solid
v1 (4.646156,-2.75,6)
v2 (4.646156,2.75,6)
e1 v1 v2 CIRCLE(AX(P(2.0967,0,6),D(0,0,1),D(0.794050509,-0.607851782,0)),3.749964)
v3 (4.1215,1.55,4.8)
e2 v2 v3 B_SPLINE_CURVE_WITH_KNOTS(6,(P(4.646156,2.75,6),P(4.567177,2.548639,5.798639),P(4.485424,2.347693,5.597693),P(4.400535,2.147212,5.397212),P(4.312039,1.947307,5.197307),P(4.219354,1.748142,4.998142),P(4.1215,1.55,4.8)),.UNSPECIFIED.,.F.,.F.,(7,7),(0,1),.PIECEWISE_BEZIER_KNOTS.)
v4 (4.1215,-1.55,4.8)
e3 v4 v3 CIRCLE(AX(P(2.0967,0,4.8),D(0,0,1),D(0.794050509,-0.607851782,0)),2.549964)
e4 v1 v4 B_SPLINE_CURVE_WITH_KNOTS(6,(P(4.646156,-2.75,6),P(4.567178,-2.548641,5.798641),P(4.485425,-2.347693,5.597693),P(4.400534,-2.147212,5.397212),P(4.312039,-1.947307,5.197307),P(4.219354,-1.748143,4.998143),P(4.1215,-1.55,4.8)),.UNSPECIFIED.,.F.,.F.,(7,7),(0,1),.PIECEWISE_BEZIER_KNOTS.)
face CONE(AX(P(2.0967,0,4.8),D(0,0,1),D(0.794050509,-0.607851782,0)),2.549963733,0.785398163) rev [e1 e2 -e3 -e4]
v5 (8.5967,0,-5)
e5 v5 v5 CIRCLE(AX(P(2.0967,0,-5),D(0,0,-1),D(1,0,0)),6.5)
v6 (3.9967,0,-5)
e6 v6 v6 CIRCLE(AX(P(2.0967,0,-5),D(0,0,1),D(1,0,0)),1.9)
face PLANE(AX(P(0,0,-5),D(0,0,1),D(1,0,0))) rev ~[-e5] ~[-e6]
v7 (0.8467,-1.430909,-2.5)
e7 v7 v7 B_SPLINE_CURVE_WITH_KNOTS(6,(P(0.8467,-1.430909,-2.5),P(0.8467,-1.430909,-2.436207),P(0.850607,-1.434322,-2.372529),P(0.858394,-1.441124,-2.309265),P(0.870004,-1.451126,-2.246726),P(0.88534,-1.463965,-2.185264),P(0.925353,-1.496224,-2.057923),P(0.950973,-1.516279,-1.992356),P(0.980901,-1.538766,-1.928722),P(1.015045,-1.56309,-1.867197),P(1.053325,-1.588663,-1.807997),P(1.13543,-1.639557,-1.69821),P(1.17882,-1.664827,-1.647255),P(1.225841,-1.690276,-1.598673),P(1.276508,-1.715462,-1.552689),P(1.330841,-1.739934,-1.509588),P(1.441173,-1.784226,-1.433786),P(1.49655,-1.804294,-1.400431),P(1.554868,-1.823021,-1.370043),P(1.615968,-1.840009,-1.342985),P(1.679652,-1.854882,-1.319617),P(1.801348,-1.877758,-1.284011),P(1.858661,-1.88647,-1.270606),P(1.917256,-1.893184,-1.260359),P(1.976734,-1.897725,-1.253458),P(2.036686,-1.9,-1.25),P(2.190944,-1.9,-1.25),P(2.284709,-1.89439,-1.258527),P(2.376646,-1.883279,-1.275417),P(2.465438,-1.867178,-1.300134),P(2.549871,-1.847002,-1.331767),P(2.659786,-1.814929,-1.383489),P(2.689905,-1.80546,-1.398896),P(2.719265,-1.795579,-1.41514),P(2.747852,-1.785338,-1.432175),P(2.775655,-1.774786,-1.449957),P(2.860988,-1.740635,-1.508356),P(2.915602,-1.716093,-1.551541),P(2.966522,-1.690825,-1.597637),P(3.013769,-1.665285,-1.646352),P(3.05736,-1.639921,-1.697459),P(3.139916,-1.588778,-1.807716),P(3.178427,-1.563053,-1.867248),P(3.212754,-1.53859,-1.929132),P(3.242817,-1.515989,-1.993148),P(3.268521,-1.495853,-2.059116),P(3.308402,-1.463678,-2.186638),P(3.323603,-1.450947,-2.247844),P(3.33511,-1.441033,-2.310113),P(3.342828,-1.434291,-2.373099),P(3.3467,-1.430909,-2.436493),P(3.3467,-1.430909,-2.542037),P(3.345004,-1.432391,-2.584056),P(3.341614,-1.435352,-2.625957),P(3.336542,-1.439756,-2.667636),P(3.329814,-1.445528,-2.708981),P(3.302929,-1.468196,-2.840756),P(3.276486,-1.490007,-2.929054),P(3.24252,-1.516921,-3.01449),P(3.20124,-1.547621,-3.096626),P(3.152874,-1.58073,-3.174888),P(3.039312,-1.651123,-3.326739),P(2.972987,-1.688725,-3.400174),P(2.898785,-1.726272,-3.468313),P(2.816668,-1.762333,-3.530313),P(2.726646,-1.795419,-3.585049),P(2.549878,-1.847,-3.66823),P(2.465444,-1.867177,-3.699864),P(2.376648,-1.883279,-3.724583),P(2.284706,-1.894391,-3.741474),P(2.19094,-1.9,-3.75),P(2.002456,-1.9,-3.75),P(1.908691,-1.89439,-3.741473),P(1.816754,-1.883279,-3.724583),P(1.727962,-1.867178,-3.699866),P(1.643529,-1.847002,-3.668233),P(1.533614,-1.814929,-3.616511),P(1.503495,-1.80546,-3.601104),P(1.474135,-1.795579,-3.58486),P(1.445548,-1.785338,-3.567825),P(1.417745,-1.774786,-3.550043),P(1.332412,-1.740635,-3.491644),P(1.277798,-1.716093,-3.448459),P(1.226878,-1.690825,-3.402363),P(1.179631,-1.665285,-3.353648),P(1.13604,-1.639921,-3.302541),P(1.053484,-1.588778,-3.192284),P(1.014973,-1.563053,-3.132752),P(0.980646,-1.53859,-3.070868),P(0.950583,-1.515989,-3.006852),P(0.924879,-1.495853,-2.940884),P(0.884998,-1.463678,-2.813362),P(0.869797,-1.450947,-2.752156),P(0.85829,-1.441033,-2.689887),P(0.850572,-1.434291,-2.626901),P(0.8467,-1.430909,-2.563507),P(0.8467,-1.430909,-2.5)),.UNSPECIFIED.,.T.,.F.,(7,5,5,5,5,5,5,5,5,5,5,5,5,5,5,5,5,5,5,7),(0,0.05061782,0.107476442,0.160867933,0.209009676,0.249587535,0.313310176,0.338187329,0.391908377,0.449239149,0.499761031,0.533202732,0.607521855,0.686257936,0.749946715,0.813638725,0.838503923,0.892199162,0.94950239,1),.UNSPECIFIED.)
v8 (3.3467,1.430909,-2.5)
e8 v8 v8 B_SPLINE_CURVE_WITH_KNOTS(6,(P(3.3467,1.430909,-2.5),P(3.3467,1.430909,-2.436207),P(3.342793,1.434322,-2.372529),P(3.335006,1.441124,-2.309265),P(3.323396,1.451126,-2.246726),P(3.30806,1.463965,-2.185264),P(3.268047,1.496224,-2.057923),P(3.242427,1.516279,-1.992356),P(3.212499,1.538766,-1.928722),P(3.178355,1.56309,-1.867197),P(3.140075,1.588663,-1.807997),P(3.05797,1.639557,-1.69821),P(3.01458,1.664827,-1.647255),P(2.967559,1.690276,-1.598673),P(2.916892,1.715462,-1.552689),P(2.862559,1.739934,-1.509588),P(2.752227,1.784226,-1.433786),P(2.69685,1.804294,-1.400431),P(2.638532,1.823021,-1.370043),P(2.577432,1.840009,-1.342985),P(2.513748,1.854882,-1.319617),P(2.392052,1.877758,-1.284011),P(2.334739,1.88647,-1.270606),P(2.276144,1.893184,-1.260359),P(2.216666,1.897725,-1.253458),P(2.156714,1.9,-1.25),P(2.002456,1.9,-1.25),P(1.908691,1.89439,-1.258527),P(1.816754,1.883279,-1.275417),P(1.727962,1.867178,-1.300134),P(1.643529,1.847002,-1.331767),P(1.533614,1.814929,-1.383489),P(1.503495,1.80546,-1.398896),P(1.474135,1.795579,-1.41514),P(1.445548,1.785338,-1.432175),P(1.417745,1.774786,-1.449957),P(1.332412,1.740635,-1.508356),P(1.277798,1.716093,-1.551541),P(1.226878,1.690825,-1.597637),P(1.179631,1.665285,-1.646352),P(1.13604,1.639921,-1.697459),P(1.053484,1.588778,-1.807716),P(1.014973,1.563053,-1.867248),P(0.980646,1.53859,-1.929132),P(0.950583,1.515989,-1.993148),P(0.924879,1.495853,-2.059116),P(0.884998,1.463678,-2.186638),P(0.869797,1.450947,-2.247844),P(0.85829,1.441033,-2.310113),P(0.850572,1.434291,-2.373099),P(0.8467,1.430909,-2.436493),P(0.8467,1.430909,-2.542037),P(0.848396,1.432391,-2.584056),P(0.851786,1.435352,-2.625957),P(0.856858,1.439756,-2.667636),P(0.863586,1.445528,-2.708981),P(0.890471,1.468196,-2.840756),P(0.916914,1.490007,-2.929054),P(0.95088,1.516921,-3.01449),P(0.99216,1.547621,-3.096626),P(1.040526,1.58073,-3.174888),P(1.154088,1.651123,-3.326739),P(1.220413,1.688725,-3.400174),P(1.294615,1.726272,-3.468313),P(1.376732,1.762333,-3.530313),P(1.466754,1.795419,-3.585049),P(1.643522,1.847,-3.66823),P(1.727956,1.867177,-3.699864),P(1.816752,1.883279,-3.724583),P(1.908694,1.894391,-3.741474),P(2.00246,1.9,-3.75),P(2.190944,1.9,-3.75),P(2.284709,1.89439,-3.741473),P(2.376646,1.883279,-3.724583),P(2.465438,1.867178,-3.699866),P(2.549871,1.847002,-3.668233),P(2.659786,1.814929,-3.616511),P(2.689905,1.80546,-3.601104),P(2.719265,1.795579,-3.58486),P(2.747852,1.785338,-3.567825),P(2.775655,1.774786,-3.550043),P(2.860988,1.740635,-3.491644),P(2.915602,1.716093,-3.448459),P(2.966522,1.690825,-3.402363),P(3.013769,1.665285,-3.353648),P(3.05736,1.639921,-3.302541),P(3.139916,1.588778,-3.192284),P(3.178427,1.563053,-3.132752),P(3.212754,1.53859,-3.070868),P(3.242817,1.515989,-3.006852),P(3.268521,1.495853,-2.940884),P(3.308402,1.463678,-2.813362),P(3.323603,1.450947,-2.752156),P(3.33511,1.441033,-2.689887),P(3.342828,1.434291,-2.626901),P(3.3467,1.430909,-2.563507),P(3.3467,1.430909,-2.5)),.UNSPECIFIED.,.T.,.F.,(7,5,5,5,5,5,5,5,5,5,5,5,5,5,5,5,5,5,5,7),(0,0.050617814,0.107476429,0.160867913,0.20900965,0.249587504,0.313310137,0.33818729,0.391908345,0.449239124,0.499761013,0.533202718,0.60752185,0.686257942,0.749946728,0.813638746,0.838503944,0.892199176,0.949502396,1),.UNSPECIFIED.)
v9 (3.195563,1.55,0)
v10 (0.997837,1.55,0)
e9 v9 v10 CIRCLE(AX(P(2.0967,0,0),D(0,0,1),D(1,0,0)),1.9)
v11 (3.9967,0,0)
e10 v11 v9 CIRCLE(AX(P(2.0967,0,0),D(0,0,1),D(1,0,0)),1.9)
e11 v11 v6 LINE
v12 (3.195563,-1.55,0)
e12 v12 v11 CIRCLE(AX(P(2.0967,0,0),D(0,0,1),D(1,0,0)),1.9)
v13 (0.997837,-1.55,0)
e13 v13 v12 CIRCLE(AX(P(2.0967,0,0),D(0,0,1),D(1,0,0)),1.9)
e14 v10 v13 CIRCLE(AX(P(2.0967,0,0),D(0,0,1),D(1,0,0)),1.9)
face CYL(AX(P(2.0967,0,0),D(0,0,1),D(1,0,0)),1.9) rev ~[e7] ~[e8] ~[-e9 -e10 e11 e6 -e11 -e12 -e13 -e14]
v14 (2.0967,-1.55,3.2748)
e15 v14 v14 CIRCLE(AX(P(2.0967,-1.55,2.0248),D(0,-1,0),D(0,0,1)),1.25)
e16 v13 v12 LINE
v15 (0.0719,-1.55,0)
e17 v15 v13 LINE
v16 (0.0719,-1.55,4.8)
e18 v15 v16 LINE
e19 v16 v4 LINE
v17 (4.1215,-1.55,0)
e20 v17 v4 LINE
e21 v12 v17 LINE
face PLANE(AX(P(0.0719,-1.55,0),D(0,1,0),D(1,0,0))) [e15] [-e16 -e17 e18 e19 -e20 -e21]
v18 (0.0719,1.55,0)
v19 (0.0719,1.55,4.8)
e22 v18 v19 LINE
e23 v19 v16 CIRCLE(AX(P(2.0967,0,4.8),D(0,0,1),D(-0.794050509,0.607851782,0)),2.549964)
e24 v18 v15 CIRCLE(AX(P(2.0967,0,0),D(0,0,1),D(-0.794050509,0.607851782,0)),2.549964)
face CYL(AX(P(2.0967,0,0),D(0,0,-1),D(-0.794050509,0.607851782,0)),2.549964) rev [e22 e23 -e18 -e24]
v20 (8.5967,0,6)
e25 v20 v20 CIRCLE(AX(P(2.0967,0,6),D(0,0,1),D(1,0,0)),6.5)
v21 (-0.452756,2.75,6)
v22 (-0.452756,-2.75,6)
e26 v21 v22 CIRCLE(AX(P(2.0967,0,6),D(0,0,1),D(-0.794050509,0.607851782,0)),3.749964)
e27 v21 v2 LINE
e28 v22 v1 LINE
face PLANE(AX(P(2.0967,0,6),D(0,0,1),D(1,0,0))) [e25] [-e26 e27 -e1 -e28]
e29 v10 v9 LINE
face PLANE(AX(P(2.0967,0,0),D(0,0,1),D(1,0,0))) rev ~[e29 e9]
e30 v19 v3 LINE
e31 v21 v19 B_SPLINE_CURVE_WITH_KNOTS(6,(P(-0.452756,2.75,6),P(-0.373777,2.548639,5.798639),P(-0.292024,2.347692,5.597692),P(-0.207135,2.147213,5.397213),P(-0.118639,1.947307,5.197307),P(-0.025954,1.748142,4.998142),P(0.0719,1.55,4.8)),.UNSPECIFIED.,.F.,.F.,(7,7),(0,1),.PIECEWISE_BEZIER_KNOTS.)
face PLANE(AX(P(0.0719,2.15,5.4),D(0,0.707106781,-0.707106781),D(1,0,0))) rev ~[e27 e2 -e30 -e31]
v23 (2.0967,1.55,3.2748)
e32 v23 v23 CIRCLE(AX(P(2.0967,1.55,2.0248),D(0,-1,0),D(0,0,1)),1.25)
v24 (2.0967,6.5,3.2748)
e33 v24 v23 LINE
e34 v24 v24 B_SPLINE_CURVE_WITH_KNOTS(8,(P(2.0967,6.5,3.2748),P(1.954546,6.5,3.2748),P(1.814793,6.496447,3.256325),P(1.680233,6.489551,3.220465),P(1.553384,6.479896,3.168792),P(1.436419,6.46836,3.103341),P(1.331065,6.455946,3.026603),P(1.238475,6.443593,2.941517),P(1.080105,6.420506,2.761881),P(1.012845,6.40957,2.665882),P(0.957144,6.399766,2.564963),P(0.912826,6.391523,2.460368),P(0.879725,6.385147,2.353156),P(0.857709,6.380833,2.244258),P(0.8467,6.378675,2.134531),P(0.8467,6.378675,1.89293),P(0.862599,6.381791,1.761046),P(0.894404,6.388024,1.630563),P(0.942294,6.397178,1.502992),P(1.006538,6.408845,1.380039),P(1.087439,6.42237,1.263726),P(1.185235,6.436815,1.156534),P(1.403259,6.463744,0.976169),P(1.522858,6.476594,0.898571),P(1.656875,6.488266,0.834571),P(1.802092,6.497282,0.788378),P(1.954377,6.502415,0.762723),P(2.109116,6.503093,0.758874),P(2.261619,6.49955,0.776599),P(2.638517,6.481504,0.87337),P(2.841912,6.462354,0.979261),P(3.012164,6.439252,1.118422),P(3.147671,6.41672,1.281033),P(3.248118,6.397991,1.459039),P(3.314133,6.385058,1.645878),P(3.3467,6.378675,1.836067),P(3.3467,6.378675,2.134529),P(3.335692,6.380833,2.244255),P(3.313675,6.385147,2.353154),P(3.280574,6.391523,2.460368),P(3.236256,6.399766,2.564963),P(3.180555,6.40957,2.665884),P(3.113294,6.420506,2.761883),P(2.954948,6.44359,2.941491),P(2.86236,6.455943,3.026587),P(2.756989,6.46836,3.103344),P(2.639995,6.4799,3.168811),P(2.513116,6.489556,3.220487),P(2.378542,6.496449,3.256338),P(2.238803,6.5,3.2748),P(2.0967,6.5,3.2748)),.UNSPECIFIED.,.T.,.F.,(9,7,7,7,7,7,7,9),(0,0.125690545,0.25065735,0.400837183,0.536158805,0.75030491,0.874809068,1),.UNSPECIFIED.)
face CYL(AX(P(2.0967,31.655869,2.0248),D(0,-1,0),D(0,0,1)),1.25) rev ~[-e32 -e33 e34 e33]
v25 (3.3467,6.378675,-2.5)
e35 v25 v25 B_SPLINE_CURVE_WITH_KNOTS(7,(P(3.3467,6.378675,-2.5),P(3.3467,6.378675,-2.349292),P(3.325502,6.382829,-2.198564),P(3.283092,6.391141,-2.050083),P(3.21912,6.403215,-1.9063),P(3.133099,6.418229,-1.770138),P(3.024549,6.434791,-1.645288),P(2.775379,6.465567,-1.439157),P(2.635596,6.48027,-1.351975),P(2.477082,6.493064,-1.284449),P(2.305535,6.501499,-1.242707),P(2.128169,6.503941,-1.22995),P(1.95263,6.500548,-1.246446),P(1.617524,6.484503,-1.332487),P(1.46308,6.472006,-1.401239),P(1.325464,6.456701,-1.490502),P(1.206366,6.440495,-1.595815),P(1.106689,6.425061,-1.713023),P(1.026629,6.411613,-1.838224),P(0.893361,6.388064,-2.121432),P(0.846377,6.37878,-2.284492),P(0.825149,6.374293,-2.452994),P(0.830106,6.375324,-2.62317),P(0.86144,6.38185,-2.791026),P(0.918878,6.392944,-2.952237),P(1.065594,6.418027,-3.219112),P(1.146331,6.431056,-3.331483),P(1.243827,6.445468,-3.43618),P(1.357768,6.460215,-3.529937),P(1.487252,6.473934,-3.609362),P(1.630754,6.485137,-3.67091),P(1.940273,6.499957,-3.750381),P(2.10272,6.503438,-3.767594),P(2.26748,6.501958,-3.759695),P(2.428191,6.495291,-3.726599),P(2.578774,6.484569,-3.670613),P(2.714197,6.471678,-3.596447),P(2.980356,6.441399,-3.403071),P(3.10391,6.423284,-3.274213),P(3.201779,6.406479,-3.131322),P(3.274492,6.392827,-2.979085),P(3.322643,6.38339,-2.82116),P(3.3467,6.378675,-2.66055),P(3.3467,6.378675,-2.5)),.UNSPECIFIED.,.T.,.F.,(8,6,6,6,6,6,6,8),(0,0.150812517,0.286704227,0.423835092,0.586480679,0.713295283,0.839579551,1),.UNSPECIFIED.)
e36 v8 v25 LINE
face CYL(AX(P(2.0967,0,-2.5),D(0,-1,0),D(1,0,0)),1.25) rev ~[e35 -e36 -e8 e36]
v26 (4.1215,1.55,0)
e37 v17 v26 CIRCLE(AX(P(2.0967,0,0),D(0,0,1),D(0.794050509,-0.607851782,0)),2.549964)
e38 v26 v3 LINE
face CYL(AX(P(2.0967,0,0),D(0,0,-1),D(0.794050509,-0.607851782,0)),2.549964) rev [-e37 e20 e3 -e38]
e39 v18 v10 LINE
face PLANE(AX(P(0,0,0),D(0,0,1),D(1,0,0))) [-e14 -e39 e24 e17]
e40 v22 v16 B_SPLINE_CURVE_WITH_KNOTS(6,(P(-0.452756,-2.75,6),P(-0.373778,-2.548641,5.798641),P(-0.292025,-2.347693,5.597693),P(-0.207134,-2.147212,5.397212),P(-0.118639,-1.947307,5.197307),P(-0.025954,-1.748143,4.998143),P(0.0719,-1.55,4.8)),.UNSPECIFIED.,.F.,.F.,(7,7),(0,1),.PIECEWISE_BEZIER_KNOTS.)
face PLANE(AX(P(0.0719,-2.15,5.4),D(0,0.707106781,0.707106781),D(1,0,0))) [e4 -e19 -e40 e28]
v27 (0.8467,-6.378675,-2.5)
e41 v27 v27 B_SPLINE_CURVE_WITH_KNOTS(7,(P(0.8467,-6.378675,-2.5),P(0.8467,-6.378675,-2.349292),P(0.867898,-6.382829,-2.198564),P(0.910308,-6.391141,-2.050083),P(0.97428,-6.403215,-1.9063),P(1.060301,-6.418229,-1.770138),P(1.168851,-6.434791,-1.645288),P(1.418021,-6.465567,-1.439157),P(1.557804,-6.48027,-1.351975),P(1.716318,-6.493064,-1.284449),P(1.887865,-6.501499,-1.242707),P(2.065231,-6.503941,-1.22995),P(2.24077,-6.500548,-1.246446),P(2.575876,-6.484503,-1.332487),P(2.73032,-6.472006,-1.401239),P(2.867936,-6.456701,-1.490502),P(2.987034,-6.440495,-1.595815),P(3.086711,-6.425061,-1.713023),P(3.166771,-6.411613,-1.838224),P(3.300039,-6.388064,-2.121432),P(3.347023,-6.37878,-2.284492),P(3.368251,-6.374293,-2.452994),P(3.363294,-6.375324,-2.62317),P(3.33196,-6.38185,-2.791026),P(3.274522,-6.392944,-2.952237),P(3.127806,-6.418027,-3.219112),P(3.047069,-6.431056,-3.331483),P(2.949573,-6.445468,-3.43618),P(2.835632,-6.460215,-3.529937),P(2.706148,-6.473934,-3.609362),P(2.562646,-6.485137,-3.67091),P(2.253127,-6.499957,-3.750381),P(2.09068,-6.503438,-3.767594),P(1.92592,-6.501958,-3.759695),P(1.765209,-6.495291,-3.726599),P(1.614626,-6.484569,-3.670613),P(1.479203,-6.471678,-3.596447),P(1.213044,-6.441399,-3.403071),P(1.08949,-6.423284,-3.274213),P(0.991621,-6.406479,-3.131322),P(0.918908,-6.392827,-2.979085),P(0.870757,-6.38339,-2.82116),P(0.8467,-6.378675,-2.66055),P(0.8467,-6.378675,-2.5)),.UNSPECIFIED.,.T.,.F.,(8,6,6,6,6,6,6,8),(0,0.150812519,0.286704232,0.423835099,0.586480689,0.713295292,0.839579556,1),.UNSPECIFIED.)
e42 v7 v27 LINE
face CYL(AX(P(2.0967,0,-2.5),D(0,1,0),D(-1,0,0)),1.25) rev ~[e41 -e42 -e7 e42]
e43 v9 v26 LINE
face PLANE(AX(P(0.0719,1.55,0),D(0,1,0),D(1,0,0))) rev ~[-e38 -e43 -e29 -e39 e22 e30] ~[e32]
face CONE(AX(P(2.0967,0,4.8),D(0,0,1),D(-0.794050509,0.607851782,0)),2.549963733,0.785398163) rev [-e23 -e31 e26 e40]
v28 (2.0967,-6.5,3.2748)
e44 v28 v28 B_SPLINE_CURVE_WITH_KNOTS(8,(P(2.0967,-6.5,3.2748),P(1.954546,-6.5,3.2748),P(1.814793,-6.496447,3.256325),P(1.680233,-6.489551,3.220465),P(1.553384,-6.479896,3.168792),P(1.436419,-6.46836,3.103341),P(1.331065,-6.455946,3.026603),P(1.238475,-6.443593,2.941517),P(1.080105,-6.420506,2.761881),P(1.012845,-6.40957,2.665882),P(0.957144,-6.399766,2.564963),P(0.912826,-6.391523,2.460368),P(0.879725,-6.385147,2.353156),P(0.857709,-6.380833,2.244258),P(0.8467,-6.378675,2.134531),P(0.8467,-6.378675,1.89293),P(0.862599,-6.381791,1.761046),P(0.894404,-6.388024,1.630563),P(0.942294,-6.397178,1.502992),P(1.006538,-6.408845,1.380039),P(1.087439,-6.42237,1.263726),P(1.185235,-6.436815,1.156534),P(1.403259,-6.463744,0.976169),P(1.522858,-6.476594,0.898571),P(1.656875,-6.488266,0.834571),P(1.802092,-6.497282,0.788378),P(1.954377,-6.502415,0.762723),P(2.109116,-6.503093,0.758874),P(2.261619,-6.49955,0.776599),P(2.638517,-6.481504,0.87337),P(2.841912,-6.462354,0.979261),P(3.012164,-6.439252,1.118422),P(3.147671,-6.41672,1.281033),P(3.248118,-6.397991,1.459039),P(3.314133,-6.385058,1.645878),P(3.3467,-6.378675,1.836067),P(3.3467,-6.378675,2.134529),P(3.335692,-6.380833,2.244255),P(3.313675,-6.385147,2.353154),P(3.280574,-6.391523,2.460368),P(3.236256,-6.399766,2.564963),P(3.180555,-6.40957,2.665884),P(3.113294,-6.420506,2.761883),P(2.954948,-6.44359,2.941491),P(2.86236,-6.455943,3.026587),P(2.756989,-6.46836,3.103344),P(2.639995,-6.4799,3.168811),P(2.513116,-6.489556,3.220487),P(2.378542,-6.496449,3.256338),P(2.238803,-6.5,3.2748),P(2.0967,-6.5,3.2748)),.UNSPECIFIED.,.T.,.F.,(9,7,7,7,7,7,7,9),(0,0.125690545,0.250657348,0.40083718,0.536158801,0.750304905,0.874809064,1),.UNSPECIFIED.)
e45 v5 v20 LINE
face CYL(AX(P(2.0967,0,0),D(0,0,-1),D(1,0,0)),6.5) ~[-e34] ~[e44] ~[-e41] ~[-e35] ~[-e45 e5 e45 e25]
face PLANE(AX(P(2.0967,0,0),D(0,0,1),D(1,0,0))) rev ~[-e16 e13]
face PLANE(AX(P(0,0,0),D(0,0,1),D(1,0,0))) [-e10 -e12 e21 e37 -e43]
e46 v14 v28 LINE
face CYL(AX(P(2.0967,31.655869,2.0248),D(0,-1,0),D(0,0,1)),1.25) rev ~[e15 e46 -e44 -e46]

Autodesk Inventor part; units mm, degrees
ref_plane "YZ Plane" through (0, 0, 0) normal (1, 0, 0) x (0, 1, 0)
ref_plane "XZ Plane" through (0, 0, 0) normal (0, 1, 0) x (-1, 0, 0)
sketch "Sketch1" plane through (0, 0, 0) normal (0, 0, 1) x (1, 0, 0)
  line L0 (0.8467, -0.7217) -> (0.8467, 0.7217) construction
  line L1 (0.8467, 0.7217) -> (2.0967, 1.4434) construction
  line L2 (2.0967, 1.4434) -> (3.3467, 0.7217) construction
  line L3 (3.3467, 0.7217) -> (3.3467, -0.7217) construction
  line L4 (3.3467, -0.7217) -> (2.0967, -1.4434) construction
  line L5 (2.0967, -1.4434) -> (0.8467, -0.7217) construction
  circle A0 centre (2.0967, 0) radius 2.45 construction
  line L6 (4.8467, -1.5877) -> (3.4717, -2.3816) construction
  line L7 (15.0967, 3) -> (15.0967, -3) construction
  line L8 (-10.9033, 3) -> (-10.9033, -3) construction
  line L9 (-0.6533, 0) -> (-0.6533, 1.5877) construction
  circle A1 centre (2.0967, 0) radius 5
  circle A2 centre (2.0967, 0) radius 1.7 projected
  line L10 (-10.9033, -3) -> (15.0967, -3) projected
  line L11 (-10.9033, 3) -> (15.0967, 3) projected
  circle A3 centre (2.0967, 0) radius 1.9
  circle A4 centre (2.0967, 0) radius 6.5
  point P0 (0.4719, -0.5)
  point P1 (3.7215, -0.5)
  dimension "d10" = 3.8
  dimension "d13" = 13
ref_plane "Work Plane1" through (-20.8033, -6.3, -5.9) normal (0, 0, 1) x (1, 0, 0)
extrude "Extrusion1" add sketch "Sketch1" against normal blind 5 contours A1 L10 L11 | A1 L11 A4 L10 | L11 A1 | A1 L11 A4 | L10 A4 A1 | A1 L10 | A1 L10 A4 L11
sketch "Sketch2" plane through (2.0967, 0, 0) normal (0, 0, 1) x (1, 0, 0)
  line L0 (-2, 1.5) -> (2, 1.5) construction
  arc A0 (2.5, 0) -> (2, 1.5) centre (0, 0) ccw construction
  arc A1 (-2, 1.5) -> (-2.5, 0) centre (0, 0) ccw construction
  line L1 (2, -1.5) -> (-2, -1.5) construction
  arc A2 (-2.5, 0) -> (2.5, 0) centre (0, 0) ccw construction
  line L2 (2.0248, 1.55) -> (-2.0248, 1.55) construction
  arc A3 (-2.0248, 1.55) -> (-2.55, 0) centre (0, 0) ccw construction
  arc A4 (-2.55, 0) -> (2.55, 0) centre (0, 0) ccw construction
  arc A5 (2.55, 0) -> (2.0248, 1.55) centre (0, 0) ccw construction
  line L3 (-2.0248, 1.55) -> (2.0248, 1.55) construction
  line L4 (-2.0248, 1.55) -> (2.0248, 1.55)
  line L5 (-2.0248, -1.55) -> (2.0248, -1.55)
  arc A6 (-2.0248, 1.55) -> (-2.0248, -1.55) centre (0, 0) ccw
  arc A7 (2.0248, -1.55) -> (2.0248, 1.55) centre (0, 0) ccw
  circle A8 centre (0, 0) radius 6.5 projected
  point P0 (-2.0967, 0)
  dimension "d11" = 3.1
  dimension "d12" = 2.55
extrude "Extrusion2" add sketch "Sketch2" along normal blind 6
chamfer "Chamfer1" distance 1.2 angle 45 4 edges at (2.0967, 1.55, 6) (-0.4533, 0, 6) (2.0967, -1.55, 6) (4.6467, 0, 6)
sketch "Sketch3" plane through (0, 0, 0) normal (0, 1, 0) x (-1, 0, 0)
  line L0 (-4.6467, 0) -> (-4.6467, 4.8) projected
  line L1 (0.4533, 0) -> (0.4533, 4.8) projected
  line L2 (-8.5967, -5) -> (4.4033, -5) projected
  circle A0 centre (-2.0967, -2.5) radius 1.25
  line L3 (-8.5967, -5) -> (4.4033, -5) projected
  point P0 (0, 0)
  point P1 (-8.5967, 0)
  point P2 (4.4033, 0)
  dimension "d14" = 2.5
  dimension "d15" = 2.5
extrude "Extrusion3" cut sketch "Sketch3" against normal blind 10
pattern_circular "Circular Pattern1" count 2 over 360 about axis through (2.0967, 0, 0) along (0, 0, -1) of "Extrusion3"
sketch "Sketch4" plane through (0.0718, -1.55, 0) normal (0, 1, 0) x (1, 0, 0)
  line L0 (0, -4.8) -> (4.0497, -4.8) projected
  line L1 (-4.4752, -6) -> (8.5248, -6) projected
  line L2 (8.5248, 5) -> (-4.4752, 5) projected
  line L3 (4.0497, -4.8) -> (0, -4.8) projected
  line L4 (4.0497, 0) -> (4.0497, -4.8) projected
  line L5 (0.926, 0) -> (3.1237, 0) projected
  line L6 (0, 0) -> (0, -4.8) projected
  circle A0 centre (2.0248, -2.0248) radius 2.0248
  line L7 (3.1237, 0) -> (4.0497, 0) projected
  line L8 (0, 0) -> (0.926, 0) projected
  point P0 (-0.0718, 0)
  point P1 (3.2748, 2.5)
  point P2 (0.7748, 2.5)
hole "Hole1" at (2.0967, -1.55, 2.0248) direction (0, -1, 0) diameter 2.5 end through all both
properties part number "30_Coupling_Screw_28BYJ_M4_v2"
